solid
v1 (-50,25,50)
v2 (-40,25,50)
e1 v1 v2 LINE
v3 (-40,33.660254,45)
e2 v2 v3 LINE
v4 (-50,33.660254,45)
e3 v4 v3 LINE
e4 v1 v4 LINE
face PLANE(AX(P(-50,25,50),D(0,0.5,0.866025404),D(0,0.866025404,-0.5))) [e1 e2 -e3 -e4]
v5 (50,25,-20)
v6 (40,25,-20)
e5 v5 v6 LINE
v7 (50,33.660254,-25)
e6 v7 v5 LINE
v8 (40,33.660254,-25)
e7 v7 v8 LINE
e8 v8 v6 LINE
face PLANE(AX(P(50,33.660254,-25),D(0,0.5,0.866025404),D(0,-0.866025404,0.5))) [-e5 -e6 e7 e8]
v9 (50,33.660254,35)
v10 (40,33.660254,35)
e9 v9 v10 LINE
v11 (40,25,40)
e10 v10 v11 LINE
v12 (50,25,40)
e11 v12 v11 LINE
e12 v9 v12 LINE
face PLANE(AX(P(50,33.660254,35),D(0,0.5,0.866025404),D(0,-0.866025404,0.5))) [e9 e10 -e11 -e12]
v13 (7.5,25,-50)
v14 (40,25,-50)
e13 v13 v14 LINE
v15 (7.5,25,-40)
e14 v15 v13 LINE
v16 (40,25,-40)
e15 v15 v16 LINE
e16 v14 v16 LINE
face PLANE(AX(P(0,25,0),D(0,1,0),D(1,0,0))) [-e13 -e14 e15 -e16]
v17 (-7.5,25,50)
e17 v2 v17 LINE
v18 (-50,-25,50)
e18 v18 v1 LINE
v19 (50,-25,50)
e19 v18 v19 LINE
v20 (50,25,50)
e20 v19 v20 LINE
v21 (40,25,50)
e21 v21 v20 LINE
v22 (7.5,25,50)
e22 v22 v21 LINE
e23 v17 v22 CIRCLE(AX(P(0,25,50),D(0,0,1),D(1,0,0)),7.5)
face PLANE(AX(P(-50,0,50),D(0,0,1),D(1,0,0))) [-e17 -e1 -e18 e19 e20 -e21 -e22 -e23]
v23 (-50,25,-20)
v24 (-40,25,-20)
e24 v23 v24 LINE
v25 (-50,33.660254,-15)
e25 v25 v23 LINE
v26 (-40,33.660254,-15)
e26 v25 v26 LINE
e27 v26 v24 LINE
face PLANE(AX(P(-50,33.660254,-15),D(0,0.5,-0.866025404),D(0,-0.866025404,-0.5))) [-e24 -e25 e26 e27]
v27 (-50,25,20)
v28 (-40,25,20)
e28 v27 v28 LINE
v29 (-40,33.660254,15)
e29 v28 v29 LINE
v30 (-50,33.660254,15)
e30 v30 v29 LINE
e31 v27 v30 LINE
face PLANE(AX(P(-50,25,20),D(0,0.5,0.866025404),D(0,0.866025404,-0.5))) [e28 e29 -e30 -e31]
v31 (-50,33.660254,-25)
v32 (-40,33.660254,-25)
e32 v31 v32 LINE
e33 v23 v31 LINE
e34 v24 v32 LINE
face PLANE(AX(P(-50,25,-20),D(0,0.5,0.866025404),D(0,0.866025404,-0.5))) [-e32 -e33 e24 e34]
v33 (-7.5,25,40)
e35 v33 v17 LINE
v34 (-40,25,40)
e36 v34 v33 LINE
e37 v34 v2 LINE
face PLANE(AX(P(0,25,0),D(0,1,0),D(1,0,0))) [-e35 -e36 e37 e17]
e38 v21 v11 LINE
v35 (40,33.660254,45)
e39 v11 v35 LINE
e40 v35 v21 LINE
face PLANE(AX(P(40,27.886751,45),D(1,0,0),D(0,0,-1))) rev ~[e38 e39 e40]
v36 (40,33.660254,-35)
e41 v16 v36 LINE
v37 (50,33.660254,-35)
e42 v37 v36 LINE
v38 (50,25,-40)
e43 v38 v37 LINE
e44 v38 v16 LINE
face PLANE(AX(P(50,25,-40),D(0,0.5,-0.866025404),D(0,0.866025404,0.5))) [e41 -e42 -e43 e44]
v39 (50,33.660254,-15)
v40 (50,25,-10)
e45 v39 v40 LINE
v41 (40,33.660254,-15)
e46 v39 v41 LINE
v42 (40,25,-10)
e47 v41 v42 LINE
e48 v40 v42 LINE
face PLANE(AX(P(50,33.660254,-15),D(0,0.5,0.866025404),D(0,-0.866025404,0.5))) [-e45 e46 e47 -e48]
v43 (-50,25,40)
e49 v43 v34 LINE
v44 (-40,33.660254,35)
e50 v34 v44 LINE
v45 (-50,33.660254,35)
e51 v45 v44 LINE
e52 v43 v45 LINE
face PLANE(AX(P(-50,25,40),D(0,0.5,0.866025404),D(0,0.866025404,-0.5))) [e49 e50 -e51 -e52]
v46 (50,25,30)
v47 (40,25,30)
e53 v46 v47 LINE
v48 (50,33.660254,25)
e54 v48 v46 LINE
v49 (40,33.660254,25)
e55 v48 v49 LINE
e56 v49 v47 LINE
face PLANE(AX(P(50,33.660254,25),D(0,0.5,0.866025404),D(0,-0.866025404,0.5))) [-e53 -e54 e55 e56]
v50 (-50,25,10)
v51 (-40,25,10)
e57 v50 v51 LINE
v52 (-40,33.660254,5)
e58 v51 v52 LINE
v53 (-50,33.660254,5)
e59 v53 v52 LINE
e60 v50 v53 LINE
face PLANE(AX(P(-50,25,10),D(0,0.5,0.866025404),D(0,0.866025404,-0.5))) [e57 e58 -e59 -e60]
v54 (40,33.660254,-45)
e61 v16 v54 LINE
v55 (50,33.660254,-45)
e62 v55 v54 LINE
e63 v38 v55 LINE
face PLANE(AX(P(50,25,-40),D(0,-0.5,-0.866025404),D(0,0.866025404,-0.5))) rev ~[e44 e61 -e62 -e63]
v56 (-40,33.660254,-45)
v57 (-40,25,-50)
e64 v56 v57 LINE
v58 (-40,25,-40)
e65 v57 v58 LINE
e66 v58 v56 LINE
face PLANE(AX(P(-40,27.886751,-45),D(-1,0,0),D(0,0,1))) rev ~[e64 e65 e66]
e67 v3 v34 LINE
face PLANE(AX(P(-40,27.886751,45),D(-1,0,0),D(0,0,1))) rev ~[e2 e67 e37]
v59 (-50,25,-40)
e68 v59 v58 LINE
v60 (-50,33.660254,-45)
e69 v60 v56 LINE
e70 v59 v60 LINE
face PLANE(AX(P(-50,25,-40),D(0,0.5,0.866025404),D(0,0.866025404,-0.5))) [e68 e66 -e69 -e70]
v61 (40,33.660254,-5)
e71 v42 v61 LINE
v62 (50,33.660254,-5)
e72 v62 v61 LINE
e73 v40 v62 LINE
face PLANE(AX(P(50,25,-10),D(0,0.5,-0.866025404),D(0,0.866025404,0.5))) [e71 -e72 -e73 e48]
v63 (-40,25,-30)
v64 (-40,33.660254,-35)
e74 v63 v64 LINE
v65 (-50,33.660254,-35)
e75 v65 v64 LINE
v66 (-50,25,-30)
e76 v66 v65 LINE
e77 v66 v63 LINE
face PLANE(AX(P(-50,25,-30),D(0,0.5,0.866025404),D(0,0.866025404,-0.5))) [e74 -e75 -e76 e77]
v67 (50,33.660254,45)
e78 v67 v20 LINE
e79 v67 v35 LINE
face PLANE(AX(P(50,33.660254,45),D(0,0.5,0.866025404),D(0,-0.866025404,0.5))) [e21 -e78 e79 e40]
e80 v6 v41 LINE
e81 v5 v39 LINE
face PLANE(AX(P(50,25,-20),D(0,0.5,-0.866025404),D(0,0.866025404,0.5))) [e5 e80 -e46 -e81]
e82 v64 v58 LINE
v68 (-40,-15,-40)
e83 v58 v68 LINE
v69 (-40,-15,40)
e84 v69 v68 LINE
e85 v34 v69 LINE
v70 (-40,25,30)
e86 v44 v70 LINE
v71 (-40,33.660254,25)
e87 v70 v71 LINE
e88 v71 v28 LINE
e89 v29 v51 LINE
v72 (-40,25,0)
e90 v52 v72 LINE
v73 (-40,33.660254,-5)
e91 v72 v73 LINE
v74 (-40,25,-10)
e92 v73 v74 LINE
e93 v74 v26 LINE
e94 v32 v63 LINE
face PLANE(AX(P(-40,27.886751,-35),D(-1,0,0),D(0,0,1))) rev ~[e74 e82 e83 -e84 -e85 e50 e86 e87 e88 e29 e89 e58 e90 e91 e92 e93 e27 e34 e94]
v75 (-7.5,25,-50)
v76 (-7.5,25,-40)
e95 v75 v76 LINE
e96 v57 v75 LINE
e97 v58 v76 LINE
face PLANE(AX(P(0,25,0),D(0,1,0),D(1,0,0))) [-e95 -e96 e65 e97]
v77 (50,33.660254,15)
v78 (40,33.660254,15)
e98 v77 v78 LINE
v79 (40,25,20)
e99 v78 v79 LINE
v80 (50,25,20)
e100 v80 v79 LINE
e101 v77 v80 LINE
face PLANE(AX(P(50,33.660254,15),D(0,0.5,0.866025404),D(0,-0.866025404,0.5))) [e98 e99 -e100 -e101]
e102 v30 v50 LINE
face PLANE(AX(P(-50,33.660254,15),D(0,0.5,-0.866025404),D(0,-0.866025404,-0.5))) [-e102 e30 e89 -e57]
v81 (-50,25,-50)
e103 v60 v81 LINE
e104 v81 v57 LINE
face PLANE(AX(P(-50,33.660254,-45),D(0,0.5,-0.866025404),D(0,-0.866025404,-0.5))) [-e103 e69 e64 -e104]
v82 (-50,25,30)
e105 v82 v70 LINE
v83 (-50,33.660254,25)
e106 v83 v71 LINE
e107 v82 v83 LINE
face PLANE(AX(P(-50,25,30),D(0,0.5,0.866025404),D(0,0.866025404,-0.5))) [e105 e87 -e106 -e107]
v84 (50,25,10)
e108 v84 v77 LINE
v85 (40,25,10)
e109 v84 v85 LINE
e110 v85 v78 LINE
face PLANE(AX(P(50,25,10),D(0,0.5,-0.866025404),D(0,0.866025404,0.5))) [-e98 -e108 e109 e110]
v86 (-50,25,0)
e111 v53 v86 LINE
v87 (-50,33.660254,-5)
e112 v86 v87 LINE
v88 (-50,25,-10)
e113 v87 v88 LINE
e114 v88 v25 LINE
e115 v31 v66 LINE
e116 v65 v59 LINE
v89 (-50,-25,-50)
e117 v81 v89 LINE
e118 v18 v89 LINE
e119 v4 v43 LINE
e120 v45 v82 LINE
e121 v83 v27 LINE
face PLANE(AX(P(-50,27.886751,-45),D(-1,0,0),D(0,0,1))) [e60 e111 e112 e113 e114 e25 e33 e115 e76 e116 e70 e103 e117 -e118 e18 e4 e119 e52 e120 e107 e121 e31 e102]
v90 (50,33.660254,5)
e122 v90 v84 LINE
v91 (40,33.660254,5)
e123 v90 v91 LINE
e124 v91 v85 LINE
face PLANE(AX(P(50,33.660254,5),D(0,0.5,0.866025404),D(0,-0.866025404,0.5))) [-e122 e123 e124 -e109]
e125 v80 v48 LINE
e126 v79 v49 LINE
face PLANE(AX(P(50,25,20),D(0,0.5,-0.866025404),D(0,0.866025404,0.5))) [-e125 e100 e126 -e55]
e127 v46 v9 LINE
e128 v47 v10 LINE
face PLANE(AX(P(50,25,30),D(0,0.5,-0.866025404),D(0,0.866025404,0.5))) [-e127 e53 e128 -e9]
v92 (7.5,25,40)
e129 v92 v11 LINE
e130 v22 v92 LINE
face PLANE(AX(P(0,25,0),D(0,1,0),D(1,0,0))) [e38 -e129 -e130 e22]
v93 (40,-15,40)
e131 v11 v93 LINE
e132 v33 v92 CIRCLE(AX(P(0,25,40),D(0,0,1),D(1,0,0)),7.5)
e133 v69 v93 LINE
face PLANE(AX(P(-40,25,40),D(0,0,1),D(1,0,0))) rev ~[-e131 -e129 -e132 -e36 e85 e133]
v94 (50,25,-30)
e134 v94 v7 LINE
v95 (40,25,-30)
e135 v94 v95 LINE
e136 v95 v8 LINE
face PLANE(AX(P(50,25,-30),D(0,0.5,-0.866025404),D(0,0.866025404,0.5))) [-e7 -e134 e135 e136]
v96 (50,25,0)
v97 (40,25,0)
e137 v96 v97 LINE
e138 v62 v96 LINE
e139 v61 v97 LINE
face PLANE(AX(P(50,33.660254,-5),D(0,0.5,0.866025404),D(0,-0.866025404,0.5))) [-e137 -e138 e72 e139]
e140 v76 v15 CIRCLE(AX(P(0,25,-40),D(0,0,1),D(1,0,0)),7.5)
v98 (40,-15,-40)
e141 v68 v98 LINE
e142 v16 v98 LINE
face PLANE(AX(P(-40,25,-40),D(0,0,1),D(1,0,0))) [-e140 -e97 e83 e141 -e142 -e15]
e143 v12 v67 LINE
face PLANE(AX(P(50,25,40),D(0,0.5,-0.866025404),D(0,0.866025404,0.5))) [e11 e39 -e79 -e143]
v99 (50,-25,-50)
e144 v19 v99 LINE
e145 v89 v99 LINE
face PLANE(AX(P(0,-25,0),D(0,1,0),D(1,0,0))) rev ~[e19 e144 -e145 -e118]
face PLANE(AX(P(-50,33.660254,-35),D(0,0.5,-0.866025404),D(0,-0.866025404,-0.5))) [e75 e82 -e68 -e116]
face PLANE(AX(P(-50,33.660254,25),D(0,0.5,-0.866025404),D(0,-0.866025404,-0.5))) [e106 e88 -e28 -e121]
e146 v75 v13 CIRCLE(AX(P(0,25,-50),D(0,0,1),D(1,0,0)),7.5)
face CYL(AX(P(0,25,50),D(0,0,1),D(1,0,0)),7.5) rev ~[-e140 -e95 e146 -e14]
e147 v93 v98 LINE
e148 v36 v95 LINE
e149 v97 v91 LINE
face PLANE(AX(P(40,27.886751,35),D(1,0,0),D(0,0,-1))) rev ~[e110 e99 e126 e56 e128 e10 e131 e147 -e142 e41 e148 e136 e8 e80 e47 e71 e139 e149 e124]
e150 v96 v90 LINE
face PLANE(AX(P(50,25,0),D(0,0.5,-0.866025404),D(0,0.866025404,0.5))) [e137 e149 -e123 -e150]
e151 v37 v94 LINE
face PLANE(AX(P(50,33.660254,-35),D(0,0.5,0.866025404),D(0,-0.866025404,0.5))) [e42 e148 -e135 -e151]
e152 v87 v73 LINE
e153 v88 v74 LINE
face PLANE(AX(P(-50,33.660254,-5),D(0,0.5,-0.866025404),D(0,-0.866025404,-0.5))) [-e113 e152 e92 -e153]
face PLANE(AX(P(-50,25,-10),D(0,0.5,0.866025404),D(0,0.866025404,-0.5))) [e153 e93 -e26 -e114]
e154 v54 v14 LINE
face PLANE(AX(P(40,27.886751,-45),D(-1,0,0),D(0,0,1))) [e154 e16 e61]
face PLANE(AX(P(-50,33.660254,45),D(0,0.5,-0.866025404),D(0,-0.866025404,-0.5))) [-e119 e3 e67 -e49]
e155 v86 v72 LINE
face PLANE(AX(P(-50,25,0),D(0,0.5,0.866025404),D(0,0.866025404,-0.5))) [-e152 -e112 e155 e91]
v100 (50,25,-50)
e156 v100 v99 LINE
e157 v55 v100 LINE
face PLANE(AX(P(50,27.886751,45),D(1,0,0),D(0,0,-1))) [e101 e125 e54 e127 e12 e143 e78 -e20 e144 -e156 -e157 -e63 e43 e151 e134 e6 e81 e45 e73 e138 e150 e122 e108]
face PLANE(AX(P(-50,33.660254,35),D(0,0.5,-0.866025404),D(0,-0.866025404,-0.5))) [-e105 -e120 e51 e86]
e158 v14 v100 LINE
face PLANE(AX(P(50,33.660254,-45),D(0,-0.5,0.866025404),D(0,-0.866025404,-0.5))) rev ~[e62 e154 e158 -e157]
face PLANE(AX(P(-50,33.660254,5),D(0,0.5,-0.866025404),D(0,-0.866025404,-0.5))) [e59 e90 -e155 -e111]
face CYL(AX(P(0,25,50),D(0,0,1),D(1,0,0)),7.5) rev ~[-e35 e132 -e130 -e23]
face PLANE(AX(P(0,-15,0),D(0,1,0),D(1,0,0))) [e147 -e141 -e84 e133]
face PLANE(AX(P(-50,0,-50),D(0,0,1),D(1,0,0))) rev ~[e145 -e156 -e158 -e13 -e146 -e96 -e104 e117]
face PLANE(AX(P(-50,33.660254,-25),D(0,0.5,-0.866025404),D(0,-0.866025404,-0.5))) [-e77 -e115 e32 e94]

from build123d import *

# Parameters (mm, degrees)
SKETCH1_W           = 100
SKETCH1_H           = 100
BOSS_EXTRUDE1_DEPTH = 25
SKETCH4_W           = 80
SKETCH4_H           = 80
CUT_EXTRUDE2_DEPTH  = 40
SKETCH5_R           = 7.5
CUT_EXTRUDE3_DEPTH  = 100
BOSS_EXTRUDE4_DEPTH = 10
BOSS_EXTRUDE5_DEPTH = 10


with BuildPart() as part:
    # Sketch1 → Boss-Extrude1 (new body, symmetric)
    with BuildSketch(Plane(origin=(0, 0, 0), x_dir=(1, 0, 0), z_dir=(0, 1, 0))):
        Rectangle(SKETCH1_W, SKETCH1_H)
    extrude(amount=BOSS_EXTRUDE1_DEPTH, both=True)

    # Sketch4 → Cut-Extrude2 (cut)
    with BuildSketch(Plane(origin=(0, 25, 0), x_dir=(1, 0, 0), z_dir=(0, 1, 0))):
        Rectangle(SKETCH4_W, SKETCH4_H)
    extrude(amount=-CUT_EXTRUDE2_DEPTH, mode=Mode.SUBTRACT)

    # Sketch5 → Cut-Extrude3 (cut)
    with BuildSketch(Plane.XY.offset(50)):
        with Locations((0, 25)):
            Circle(SKETCH5_R)
    extrude(amount=-CUT_EXTRUDE3_DEPTH, mode=Mode.SUBTRACT)

    # Sketch7 → Boss-Extrude4 (add)
    with BuildSketch(Plane.ZY.offset(50)):
        Polygon((-45, 33.660254038), (-50, 25), (-40, 25), align=None)
        Polygon((-35, 33.660254038), (-40, 25), (-30, 25), align=None)
        Polygon((-25, 33.660254038), (-30, 25), (-20, 25), align=None)
        Polygon((-15, 33.660254038), (-20, 25), (-10, 25), align=None)
        Polygon((-5, 33.660254038), (-10, 25), (0, 25), align=None)
        Polygon((5, 33.660254038), (0, 25), (10, 25), align=None)
        Polygon((15, 33.660254038), (10, 25), (20, 25), align=None)
        Polygon((25, 33.660254038), (20, 25), (30, 25), align=None)
        Polygon((35, 33.660254038), (30, 25), (40, 25), align=None)
        Polygon((45, 33.660254038), (40, 25), (50, 25), align=None)
    extrude(amount=-BOSS_EXTRUDE4_DEPTH)

    # Sketch8 → Boss-Extrude5 (add)
    with BuildSketch(Plane(origin=(50, 0, 0), x_dir=(0, 0, -1), z_dir=(1, 0, 0))):
        Polygon((-45, 33.660254038), (-50, 25), (-40, 25), align=None)
        Polygon((-35, 33.660254038), (-40, 25), (-30, 25), align=None)
        Polygon((-25, 33.660254038), (-30, 25), (-20, 25), align=None)
        Polygon((-15, 33.660254038), (-20, 25), (-10, 25), align=None)
        Polygon((-5, 33.660254038), (-10, 25), (0, 25), align=None)
        Polygon((5, 33.660254038), (0, 25), (10, 25), align=None)
        Polygon((15, 33.660254038), (10, 25), (20, 25), align=None)
        Polygon((25, 33.660254038), (20, 25), (30, 25), align=None)
        Polygon((35, 33.660254038), (30, 25), (40, 25), align=None)
        Polygon((50, 25), (40, 25), (45, 33.660254038), align=None)
    extrude(amount=-BOSS_EXTRUDE5_DEPTH)


solid = part.part
